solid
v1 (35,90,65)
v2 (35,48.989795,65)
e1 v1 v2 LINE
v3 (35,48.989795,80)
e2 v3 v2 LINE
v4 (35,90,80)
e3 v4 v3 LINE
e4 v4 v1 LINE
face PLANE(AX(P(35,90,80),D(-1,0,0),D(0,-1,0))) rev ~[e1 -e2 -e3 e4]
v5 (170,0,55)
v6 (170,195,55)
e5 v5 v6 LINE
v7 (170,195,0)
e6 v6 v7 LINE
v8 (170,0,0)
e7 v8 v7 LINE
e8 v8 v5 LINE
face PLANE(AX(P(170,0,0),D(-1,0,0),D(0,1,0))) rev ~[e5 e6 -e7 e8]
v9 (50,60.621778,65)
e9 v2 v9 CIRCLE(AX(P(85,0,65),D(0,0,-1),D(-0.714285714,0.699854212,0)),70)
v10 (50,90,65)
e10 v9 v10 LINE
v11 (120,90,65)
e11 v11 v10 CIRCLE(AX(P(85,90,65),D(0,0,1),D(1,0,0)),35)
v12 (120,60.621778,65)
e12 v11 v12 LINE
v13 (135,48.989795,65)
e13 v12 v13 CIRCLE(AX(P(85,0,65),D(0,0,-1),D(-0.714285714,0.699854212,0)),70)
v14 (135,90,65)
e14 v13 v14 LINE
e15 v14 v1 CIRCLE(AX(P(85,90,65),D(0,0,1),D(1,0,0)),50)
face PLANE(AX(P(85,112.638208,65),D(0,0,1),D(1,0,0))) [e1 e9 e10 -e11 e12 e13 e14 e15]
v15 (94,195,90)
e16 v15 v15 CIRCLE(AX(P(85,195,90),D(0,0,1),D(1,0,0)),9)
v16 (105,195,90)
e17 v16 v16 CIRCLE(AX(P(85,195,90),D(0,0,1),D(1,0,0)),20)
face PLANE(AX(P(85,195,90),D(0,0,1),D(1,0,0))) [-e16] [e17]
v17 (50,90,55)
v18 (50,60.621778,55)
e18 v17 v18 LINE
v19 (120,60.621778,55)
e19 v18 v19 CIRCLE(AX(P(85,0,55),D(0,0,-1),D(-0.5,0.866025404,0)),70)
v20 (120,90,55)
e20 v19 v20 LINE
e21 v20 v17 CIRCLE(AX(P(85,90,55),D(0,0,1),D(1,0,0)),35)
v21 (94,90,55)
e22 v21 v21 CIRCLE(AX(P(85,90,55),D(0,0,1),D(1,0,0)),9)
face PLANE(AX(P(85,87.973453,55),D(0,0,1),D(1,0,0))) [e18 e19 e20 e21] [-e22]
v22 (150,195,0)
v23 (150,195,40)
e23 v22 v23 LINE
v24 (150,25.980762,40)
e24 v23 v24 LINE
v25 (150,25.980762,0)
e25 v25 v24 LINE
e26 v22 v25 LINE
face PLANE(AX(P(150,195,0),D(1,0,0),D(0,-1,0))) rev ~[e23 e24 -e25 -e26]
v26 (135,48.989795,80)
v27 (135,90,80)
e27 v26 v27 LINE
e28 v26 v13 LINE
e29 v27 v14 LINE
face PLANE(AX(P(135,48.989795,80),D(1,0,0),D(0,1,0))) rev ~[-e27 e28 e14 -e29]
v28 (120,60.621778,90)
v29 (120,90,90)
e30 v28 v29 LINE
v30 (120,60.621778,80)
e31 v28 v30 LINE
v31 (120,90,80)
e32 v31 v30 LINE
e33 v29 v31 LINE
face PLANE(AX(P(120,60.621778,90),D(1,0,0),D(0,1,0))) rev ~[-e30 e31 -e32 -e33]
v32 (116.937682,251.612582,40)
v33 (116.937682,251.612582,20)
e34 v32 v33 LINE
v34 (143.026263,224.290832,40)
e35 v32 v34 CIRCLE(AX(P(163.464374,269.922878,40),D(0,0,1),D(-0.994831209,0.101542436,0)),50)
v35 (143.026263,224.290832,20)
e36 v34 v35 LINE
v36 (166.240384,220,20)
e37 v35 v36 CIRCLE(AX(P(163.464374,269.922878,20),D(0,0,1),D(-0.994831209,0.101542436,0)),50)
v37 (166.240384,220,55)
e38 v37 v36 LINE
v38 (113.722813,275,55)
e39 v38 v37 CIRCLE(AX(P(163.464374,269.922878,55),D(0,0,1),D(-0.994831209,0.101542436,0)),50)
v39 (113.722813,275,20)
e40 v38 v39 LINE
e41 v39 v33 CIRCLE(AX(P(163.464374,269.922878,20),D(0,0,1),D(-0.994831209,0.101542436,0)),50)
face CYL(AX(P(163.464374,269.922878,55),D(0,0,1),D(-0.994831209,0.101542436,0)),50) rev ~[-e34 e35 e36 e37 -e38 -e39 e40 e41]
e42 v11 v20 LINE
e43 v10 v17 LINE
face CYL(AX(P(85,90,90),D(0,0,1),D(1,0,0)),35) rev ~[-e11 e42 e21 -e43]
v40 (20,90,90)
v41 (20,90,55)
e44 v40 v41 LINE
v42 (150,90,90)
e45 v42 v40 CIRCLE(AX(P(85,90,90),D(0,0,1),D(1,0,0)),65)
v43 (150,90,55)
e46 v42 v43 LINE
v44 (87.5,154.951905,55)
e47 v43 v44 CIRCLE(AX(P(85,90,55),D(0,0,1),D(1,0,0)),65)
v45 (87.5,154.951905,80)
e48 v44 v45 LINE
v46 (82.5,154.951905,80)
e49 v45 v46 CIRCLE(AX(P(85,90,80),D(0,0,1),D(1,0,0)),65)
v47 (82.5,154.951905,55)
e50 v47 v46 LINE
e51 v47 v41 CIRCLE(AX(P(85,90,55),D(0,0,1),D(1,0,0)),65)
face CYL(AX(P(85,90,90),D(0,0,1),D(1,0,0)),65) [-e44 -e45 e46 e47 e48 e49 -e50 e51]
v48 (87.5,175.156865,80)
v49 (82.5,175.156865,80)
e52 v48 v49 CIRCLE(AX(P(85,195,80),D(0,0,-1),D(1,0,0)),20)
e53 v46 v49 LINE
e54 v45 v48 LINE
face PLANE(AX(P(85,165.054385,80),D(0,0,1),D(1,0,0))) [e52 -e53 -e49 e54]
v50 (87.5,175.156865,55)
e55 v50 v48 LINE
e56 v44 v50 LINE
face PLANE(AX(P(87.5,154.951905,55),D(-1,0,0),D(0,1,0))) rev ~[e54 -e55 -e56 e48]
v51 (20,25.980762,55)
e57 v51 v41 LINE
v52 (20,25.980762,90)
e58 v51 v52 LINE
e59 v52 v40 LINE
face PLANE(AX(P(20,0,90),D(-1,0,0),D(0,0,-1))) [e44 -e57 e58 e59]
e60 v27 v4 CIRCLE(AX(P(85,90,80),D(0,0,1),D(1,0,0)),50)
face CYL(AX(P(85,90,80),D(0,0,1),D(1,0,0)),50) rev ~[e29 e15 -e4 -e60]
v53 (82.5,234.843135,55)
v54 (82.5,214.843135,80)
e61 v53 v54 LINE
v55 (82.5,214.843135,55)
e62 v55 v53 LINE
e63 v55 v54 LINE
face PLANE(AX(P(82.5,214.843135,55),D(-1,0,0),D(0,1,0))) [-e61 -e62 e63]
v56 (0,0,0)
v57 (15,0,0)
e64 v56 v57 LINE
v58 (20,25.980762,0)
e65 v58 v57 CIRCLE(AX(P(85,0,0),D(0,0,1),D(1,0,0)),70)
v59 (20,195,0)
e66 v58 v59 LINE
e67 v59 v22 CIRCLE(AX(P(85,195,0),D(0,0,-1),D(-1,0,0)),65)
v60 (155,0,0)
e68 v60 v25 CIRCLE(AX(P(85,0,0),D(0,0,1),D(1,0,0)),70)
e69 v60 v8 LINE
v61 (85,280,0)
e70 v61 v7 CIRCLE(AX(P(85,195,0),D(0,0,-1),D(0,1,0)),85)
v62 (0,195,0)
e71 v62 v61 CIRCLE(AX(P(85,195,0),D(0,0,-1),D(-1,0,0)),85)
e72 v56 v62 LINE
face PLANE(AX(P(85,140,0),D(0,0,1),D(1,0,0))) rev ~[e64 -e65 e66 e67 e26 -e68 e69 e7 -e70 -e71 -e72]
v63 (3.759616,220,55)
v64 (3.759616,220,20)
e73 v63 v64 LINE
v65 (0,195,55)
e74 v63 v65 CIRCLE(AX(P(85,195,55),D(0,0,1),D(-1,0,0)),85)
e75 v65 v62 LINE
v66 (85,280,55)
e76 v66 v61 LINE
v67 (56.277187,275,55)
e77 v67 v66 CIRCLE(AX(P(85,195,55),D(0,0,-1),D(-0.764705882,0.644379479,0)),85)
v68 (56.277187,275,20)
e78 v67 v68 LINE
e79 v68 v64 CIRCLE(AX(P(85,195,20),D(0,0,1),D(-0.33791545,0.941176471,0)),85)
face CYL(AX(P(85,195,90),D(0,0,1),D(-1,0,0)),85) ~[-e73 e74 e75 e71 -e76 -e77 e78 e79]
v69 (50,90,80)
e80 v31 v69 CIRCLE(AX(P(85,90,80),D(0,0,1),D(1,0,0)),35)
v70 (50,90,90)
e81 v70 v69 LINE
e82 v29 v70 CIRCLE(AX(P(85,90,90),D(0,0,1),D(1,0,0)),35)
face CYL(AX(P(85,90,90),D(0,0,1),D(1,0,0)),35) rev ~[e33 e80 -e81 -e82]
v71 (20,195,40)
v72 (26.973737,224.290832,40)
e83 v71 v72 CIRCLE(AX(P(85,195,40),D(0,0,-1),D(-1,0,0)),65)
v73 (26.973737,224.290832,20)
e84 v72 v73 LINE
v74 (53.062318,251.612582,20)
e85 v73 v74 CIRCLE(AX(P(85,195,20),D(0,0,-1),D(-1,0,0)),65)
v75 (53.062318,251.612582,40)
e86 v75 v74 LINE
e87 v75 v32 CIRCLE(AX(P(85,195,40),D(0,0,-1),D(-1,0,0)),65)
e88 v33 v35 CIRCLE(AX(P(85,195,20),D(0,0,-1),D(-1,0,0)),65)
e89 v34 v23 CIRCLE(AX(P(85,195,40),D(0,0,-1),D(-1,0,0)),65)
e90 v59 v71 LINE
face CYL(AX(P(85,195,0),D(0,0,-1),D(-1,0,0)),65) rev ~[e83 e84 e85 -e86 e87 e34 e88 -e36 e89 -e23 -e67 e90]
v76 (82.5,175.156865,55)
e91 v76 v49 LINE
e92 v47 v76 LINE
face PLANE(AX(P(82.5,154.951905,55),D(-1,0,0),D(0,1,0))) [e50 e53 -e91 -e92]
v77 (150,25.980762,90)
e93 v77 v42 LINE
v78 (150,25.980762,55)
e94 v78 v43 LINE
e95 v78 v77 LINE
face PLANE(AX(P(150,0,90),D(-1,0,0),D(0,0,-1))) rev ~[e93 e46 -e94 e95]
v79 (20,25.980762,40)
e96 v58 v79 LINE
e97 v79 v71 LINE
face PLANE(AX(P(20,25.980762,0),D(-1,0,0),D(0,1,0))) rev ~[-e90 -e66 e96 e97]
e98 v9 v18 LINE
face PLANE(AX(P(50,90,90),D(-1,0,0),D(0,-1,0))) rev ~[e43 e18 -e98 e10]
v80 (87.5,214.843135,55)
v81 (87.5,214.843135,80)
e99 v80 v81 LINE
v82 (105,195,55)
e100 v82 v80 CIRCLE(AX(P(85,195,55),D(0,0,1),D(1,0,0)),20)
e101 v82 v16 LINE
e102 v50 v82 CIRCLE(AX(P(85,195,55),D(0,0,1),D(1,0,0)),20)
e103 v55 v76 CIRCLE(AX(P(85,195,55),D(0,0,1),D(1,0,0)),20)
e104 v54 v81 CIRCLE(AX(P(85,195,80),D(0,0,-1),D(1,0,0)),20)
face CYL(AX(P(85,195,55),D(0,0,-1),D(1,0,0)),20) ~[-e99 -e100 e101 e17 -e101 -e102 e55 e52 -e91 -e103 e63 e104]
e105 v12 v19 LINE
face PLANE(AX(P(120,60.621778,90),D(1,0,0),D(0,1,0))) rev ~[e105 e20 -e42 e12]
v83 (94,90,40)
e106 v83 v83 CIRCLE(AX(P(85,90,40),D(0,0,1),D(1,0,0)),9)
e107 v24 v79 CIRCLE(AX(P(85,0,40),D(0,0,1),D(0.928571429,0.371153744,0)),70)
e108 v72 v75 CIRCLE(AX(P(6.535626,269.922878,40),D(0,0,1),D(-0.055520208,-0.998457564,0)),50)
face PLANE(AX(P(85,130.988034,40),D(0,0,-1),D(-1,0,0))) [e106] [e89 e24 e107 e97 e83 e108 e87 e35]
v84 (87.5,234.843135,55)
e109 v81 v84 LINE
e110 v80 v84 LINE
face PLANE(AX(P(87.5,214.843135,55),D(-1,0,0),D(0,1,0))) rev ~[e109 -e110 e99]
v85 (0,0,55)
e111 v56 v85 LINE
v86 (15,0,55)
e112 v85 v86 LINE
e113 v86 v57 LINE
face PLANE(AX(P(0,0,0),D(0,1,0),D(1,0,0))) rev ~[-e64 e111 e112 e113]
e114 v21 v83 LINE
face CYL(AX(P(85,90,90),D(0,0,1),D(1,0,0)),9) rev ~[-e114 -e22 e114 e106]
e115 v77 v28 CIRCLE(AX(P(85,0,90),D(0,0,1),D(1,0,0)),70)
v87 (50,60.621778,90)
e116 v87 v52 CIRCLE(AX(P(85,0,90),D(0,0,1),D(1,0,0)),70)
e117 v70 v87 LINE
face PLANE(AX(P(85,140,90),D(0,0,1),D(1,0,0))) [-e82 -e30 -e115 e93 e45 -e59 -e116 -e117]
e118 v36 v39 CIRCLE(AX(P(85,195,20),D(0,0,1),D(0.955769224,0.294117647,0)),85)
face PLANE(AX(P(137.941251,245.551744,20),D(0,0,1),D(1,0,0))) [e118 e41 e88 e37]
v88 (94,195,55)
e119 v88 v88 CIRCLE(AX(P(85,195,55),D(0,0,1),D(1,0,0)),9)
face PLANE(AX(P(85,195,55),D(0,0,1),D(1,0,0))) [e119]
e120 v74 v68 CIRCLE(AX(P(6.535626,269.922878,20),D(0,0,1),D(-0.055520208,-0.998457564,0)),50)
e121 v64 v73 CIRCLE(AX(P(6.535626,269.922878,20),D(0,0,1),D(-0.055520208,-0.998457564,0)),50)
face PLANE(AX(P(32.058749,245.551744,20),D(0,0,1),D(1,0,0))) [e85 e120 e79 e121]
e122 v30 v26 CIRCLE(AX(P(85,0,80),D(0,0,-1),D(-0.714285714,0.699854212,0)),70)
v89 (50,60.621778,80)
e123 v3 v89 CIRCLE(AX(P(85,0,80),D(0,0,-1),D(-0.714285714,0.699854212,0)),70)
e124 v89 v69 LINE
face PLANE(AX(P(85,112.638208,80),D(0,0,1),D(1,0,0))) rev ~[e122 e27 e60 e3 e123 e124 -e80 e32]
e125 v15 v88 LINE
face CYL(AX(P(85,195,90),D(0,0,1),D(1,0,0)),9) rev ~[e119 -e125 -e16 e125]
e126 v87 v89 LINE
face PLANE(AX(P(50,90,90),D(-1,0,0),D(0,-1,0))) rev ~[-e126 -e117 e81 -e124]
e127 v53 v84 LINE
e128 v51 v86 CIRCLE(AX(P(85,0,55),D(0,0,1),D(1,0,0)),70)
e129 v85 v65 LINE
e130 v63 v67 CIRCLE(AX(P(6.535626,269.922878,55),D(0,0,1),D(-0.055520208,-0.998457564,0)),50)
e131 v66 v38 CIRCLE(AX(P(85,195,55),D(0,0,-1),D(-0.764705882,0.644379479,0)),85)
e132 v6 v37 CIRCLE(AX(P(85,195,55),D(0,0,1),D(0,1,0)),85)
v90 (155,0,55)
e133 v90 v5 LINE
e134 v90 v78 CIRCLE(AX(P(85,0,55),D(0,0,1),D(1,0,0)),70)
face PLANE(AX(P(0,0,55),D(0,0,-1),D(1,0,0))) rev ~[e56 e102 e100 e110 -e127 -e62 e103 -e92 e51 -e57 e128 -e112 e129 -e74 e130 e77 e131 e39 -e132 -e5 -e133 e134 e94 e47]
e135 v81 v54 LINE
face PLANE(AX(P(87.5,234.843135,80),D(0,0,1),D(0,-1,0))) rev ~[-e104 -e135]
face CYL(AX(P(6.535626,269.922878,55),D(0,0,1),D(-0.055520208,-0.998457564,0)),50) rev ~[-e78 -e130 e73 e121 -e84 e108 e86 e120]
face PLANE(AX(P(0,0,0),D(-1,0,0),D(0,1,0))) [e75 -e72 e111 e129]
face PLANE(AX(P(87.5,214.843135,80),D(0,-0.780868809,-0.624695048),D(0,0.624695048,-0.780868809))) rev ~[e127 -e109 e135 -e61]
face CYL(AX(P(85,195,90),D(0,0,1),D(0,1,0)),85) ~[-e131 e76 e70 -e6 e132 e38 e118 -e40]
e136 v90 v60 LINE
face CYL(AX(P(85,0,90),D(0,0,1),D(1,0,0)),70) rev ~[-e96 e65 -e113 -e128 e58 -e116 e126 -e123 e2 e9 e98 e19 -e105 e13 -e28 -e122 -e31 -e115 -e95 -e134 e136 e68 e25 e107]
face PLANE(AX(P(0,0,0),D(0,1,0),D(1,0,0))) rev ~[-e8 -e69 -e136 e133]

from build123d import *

# Parameters (mm, degrees)
SKETCH1_W           = 170
SKETCH1_H           = 280
BOSS_EXTRUDE1_DEPTH = 90
CUT_EXTRUDE1_DEPTH  = 90
CUT_EXTRUDE2_DEPTH  = 90
SKETCH4_W           = 20
SKETCH4_H           = 35
CUT_EXTRUDE3_DEPTH  = 299
CUT_EXTRUDE4_DEPTH  = 40
SKETCH6_R           = 9
CUT_EXTRUDE5_DEPTH  = 50
CUT_EXTRUDE6_DEPTH  = 35
SKETCH8_R           = 9
CUT_EXTRUDE7_DEPTH  = 35
CUT_EXTRUDE9_DEPTH  = 15
SKETCH10_R          = 20
BOSS_EXTRUDE2_DEPTH = 35
SKETCH11_R          = 9
CUT_EXTRUDE10_DEPTH = 35
SKETCH12_W          = 5
SKETCH12_H          = 20
SKETCH12_H_2        = 20.204959883
BOSS_EXTRUDE3_DEPTH = 25
CUT_EXTRUDE11_DEPTH = 35
CUT_EXTRUDE12_DEPTH = 10


with BuildPart() as part:
    # Sketch1 → Boss-Extrude1 (new body)
    with BuildSketch(Plane.XY):
        with Locations((85, 140)):
            Rectangle(SKETCH1_W, SKETCH1_H)
    extrude(amount=BOSS_EXTRUDE1_DEPTH)

    # Sketch2 → Cut-Extrude1 (cut)
    with BuildSketch(Plane.XY.offset(90)):
        with BuildLine():
            Line((0, 280), (0, 195))
            ThreePointArc((0, 195), (24.895923599, 255.104076401), (85, 280))
            Line((85, 280), (0, 280))
        make_face()
        with BuildLine():
            Line((170, 280), (85, 280))
            ThreePointArc((85, 280), (145.104076401, 255.104076401), (170, 195))
            Line((170, 195), (170, 280))
        make_face()
    extrude(amount=-CUT_EXTRUDE1_DEPTH, mode=Mode.SUBTRACT)

    # Sketch3 → Cut-Extrude2 (cut)
    with BuildSketch(Plane.XY.offset(90)):
        with BuildLine():
            Line((15, 0), (155, 0))
            ThreePointArc((155, 0), (85, 70), (15, 0))
        make_face()
    extrude(amount=-CUT_EXTRUDE2_DEPTH, mode=Mode.SUBTRACT)

    # Sketch4 → Cut-Extrude3 (cut)
    with BuildSketch(Plane(origin=(0, 0, 0), x_dir=(1, 0, 0), z_dir=(0, 1, 0))):
        with Locations((10, -72.5)):
            Rectangle(SKETCH4_W, SKETCH4_H)
        with Locations((160, -72.5)):
            Rectangle(SKETCH4_W, SKETCH4_H)
    extrude(amount=CUT_EXTRUDE3_DEPTH, mode=Mode.SUBTRACT)

    # Sketch5 → Cut-Extrude4 (cut)
    with BuildSketch(Plane(origin=(0, 0, 0), x_dir=(-1, 0, 0), z_dir=(0, 0, -1))):
        with BuildLine():
            Line((-20, 25.980762114), (-20, 195))
            ThreePointArc((-20, 195), (-85, 260), (-150, 195))
            Line((-150, 195), (-150, 25.980762114))
            ThreePointArc((-150, 25.980762114), (-85, 70), (-20, 25.980762114))
        make_face()
    extrude(amount=-CUT_EXTRUDE4_DEPTH, mode=Mode.SUBTRACT)

    # Sketch6 → Cut-Extrude5 (cut)
    with BuildSketch(Plane.XY.offset(90)):
        with Locations((85, 90)):
            Circle(SKETCH6_R)
    extrude(amount=-CUT_EXTRUDE5_DEPTH, mode=Mode.SUBTRACT)

    # Sketch7 → Cut-Extrude6 (cut)
    with BuildSketch(Plane.XY.offset(90)):
        with BuildLine():
            Line((20, 90), (20, 249.772255751))
            ThreePointArc((20, 249.772255751), (85, 280), (150, 249.772255751))
            Line((150, 249.772255751), (150, 90))
            ThreePointArc((150, 90), (85, 155), (20, 90))
        make_face()
    extrude(amount=-CUT_EXTRUDE6_DEPTH, mode=Mode.SUBTRACT)

    # Sketch8 → Cut-Extrude7 (cut)
    with BuildSketch(Plane.XY.offset(90)):
        with BuildLine():
            ThreePointArc((120, 90), (85, 125), (50, 90))
            Line((50, 90), (50, 60.621778265))
            ThreePointArc((50, 60.621778265), (85, 70), (120, 60.621778265))
            Line((120, 60.621778265), (120, 90))
        make_face()
        with Locations((85, 90)):
            Circle(SKETCH8_R, mode=Mode.SUBTRACT)
    extrude(amount=-CUT_EXTRUDE7_DEPTH, mode=Mode.SUBTRACT)

    # Sketch9 → Cut-Extrude9 (cut)
    with BuildSketch(Plane.XY.offset(80)):
        with BuildLine():
            Line((35, 90), (50, 90))
            ThreePointArc((50, 90), (85, 125), (120, 90))
            Line((120, 90), (135, 90))
            ThreePointArc((135, 90), (85, 140), (35, 90))
        make_face()
        with BuildLine():
            Line((50, 90), (35, 90))
            Line((35, 90), (35, 48.989794856))
            ThreePointArc((35, 48.989794856), (85, 70), (135, 48.989794856))
            Line((135, 48.989794856), (135, 90))
            Line((135, 90), (120, 90))
            ThreePointArc((120, 90), (85, 125), (50, 90))
        make_face()
    extrude(amount=-CUT_EXTRUDE9_DEPTH, mode=Mode.SUBTRACT)

    # Sketch10 → Boss-Extrude2 (add)
    with BuildSketch(Plane.XY.offset(55)):
        with Locations((85, 195)):
            Circle(SKETCH10_R)
    extrude(amount=BOSS_EXTRUDE2_DEPTH)

    # Sketch11 → Cut-Extrude10 (cut)
    with BuildSketch(Plane.XY.offset(90)):
        with Locations((85, 195)):
            Circle(SKETCH11_R)
    extrude(amount=-CUT_EXTRUDE10_DEPTH, mode=Mode.SUBTRACT)

    # Sketch12 → Boss-Extrude3 (add)
    with BuildSketch(Plane.XY.offset(55)):
        with Locations((85, 224.843134833)):
            Rectangle(SKETCH12_W, SKETCH12_H)
        with Locations((85, 165.054385226)):
            Rectangle(SKETCH12_W, SKETCH12_H_2)
    extrude(amount=BOSS_EXTRUDE3_DEPTH)

    # Sketch13 → Cut-Extrude11 (cut)
    with BuildSketch(Plane.XY.offset(55)):
        with BuildLine():
            ThreePointArc((3.759615954, 220), (42.697632957, 235.393046487), (56.277186767, 275))
            ThreePointArc((56.277186767, 275), (23.524588745, 253.700713889), (3.759615954, 220))
        make_face()
        with BuildLine():
            ThreePointArc((166.240384046, 220), (146.475411255, 253.700713889), (113.722813233, 275))
            ThreePointArc((113.722813233, 275), (127.302367043, 235.393046487), (166.240384046, 220))
        make_face()
    extrude(amount=-CUT_EXTRUDE11_DEPTH, mode=Mode.SUBTRACT)

    # Sketch14 → Cut-Extrude12 (cut)
    with BuildSketch(Plane(origin=(87.5, 0, 0), x_dir=(0, 0, -1), z_dir=(1, 0, 0))):
        Polygon((-80, 214.843134833), (-55, 234.843134833), (-80, 234.843134833), align=None)
    extrude(amount=-CUT_EXTRUDE12_DEPTH, mode=Mode.SUBTRACT)


solid = part.part
